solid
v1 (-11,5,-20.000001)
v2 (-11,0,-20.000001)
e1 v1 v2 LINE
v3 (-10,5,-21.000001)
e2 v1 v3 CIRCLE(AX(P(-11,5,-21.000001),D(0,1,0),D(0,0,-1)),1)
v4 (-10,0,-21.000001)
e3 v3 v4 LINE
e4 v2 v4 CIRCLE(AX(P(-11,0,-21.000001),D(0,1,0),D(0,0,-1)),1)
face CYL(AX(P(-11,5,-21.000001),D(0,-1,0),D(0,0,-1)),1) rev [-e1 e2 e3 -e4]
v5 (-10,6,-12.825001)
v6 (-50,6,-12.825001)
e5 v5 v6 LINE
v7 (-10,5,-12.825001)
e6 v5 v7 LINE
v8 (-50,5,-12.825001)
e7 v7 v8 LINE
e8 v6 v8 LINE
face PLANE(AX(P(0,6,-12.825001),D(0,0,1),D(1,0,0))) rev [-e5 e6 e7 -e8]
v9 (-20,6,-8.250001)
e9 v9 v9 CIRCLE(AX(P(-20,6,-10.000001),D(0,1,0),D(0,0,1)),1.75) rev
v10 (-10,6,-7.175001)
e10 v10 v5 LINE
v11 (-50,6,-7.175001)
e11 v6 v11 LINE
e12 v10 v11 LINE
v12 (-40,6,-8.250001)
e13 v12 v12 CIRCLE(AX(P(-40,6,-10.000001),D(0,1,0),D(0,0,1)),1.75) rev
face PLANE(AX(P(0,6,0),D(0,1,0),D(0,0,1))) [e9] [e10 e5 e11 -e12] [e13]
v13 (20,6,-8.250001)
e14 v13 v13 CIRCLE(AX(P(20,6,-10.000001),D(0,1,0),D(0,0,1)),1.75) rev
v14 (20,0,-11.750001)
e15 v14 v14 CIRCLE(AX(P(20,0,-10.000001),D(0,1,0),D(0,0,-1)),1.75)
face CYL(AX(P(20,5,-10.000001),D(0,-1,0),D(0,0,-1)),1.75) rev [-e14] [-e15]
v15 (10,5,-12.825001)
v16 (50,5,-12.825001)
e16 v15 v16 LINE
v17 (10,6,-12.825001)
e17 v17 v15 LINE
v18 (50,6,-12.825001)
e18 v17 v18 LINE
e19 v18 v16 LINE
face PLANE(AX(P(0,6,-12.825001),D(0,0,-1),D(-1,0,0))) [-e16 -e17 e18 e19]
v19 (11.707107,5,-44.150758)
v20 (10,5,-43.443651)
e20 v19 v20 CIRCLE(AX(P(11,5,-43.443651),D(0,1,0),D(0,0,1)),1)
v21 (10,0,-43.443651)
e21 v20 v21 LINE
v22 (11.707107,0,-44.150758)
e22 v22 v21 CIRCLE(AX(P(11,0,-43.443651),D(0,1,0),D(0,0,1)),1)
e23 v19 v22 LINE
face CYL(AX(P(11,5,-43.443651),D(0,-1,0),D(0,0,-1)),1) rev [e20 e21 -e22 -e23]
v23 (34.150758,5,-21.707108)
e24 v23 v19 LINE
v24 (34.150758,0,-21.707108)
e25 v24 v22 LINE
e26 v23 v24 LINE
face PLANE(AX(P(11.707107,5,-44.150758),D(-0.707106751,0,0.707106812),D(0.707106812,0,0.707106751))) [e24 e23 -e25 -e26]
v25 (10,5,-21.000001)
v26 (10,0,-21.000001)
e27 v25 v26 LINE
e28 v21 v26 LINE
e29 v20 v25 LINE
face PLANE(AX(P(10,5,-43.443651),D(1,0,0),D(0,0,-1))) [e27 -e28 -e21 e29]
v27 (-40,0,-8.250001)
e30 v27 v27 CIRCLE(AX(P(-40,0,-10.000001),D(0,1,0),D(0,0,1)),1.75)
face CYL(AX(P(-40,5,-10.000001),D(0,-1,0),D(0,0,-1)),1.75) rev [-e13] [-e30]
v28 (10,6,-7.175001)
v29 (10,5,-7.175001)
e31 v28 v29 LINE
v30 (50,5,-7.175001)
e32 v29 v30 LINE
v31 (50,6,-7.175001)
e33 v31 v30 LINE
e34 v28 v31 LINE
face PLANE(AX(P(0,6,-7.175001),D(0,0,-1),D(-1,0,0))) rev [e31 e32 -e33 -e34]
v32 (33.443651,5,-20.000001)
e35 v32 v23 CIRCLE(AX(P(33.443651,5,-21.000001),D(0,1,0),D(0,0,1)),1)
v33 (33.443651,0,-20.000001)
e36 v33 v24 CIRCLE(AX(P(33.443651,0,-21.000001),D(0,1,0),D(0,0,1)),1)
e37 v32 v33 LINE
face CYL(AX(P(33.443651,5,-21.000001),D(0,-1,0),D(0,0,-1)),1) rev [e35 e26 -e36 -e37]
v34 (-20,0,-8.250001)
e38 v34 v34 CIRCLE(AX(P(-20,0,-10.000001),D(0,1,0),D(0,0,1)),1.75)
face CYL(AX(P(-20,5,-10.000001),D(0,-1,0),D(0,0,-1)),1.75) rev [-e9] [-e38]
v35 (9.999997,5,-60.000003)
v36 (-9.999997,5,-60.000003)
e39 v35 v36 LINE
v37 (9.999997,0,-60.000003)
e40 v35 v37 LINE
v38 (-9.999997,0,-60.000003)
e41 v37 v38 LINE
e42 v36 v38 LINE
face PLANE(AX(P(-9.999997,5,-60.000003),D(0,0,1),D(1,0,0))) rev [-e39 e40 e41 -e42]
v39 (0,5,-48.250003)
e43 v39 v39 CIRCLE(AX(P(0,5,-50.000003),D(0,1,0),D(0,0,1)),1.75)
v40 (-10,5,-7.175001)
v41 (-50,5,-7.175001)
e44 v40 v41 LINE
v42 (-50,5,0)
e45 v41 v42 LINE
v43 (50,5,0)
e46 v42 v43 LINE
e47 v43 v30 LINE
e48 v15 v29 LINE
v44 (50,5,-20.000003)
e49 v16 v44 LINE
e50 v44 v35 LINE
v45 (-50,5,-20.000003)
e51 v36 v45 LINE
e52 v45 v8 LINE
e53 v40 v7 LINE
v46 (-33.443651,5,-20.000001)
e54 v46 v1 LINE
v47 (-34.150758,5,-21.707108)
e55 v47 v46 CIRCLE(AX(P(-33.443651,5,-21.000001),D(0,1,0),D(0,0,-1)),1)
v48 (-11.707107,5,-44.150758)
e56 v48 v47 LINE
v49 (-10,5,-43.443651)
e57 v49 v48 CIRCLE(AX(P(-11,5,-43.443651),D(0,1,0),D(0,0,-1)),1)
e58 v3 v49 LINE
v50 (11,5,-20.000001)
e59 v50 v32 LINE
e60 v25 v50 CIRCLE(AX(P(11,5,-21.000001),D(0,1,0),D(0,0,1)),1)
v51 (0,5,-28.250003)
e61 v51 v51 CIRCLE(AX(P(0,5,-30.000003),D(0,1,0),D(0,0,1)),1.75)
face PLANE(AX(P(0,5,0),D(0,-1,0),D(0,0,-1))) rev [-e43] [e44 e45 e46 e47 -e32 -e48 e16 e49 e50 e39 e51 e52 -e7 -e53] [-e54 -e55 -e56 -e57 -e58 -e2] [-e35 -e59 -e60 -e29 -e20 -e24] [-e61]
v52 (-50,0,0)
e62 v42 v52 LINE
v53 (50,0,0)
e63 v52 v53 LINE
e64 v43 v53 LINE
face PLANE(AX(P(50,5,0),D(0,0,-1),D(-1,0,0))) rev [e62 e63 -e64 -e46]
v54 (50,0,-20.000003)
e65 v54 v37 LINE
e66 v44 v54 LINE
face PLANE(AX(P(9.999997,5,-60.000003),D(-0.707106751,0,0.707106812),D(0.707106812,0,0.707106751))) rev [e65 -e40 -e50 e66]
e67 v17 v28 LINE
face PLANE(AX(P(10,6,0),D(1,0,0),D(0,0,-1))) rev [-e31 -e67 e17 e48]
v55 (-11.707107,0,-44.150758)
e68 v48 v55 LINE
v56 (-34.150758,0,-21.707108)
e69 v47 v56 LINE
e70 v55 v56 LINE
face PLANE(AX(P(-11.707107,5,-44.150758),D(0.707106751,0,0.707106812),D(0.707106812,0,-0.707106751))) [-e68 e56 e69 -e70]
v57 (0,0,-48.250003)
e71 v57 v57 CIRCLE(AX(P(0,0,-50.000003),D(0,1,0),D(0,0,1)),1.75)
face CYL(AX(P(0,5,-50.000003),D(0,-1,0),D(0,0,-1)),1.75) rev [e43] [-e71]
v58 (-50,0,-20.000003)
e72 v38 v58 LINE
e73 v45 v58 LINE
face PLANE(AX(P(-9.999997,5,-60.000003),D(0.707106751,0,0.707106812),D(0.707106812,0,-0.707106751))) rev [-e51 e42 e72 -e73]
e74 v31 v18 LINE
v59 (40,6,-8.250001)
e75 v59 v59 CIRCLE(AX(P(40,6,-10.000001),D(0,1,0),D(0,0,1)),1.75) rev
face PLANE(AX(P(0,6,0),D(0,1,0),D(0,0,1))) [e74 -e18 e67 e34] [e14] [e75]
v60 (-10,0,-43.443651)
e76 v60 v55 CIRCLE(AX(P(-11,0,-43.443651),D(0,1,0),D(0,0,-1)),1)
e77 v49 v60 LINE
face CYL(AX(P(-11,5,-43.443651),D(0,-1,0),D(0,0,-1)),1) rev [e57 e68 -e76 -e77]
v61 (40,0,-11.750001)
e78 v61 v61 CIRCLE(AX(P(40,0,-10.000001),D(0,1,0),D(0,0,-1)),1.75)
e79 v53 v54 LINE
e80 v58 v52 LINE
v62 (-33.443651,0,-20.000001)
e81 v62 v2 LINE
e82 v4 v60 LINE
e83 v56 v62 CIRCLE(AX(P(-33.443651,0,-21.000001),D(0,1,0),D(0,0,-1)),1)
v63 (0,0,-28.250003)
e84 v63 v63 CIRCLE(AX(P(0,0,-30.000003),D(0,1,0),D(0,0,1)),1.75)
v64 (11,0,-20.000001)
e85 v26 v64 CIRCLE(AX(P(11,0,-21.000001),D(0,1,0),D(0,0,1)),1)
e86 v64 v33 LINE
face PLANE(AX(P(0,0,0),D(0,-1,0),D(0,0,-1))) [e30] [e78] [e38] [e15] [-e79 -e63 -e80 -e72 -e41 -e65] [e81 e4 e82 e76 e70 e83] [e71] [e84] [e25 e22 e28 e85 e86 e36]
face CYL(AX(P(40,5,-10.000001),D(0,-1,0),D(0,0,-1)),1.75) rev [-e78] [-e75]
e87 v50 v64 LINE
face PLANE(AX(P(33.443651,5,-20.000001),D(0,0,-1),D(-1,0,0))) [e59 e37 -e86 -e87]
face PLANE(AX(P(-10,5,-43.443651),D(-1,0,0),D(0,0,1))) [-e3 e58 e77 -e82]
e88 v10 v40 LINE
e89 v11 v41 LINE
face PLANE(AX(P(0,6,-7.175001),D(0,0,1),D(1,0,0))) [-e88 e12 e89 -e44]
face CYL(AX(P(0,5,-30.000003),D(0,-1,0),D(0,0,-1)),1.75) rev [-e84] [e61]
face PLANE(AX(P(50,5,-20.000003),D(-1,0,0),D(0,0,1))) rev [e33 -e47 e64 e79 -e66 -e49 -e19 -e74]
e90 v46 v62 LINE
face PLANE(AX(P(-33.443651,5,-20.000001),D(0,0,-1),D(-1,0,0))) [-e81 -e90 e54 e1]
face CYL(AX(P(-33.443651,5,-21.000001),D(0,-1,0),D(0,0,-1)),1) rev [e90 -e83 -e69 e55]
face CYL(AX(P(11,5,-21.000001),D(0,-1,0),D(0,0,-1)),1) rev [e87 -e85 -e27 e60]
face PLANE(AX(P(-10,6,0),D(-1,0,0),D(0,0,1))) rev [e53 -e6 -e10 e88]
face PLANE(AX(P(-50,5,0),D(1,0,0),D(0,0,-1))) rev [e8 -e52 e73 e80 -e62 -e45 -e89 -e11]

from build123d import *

# Parameters (mm, degrees)
ESBO_O1_R                = 1.75
RESSALTO_EXTRUS_O1_DEPTH = 5
ESBO_O3_W                = 40
ESBO_O3_H                = 5.65
ESBO_O3_R                = 1.75
RESSALTO_EXTRUS_O2_DEPTH = 1


with BuildPart() as part:
    # Esboço1 → Ressalto-extrusão1 (new body)
    with BuildSketch(Plane(origin=(0, 0, 0), x_dir=(1, 0, 0), z_dir=(0, 1, 0))):
        Polygon((-50, 0), (-50, 20.000002677), (-9.999996661, 60.000002546), (9.999996661, 60.000002546), (50, 20.000002677), (50, 0), align=None)
        with Locations(Location((-40, 10.000001339, 0), (0, 0, 270))):
            Circle(ESBO_O1_R, mode=Mode.SUBTRACT)
        with Locations(Location((-20, 10.000001339, 0), (0, 0, 270))):
            Circle(ESBO_O1_R, mode=Mode.SUBTRACT)
        with Locations(Location((0, 50.000002546, 0), (0, 0, 270))):
            Circle(ESBO_O1_R, mode=Mode.SUBTRACT)
        with Locations(Location((0, 30.000002546, 0), (0, 0, 270))):
            Circle(ESBO_O1_R, mode=Mode.SUBTRACT)
        with Locations(Location((20, 10.000001339, 0), (0, 0, 90))):
            Circle(ESBO_O1_R, mode=Mode.SUBTRACT)
        with Locations(Location((40, 10.000001339, 0), (0, 0, 90))):
            Circle(ESBO_O1_R, mode=Mode.SUBTRACT)
        with BuildLine():
            Line((-10, 43.443650782), (-10, 21.000001339))
            ThreePointArc((-10, 21.000001339), (-10.292893219, 20.292894558), (-11, 20.000001339))
            Line((-11, 20.000001339), (-33.443651391, 20.000001339))
            ThreePointArc((-33.443651391, 20.000001339), (-34.367530932, 20.617317926), (-34.150758141, 21.707108151))
            Line((-34.150758141, 21.707108151), (-11.707106751, 44.150757594))
            ThreePointArc((-11.707106751, 44.150757594), (-10.617316548, 44.367530307), (-10, 43.443650782))
        make_face(mode=Mode.SUBTRACT)
        with BuildLine():
            Line((11.707106751, 44.150757594), (34.150758141, 21.707108151))
            ThreePointArc((34.150758141, 21.707108151), (34.367530932, 20.617317926), (33.443651391, 20.000001339))
            Line((33.443651391, 20.000001339), (11, 20.000001339))
            ThreePointArc((11, 20.000001339), (10.292893219, 20.292894558), (10, 21.000001339))
            Line((10, 21.000001339), (10, 43.443650782))
            ThreePointArc((10, 43.443650782), (10.617316548, 44.367530307), (11.707106751, 44.150757594))
        make_face(mode=Mode.SUBTRACT)
    extrude(amount=RESSALTO_EXTRUS_O1_DEPTH)

    # Esboço3 → Ressalto-extrusão2 (add)
    # profile 1 of 2: a face of its own
    with BuildSketch(Plane(origin=(0, 5, 0), x_dir=(1, 0, 0), z_dir=(0, 1, 0))):
        with Locations((-30, 10.000001339)):
            Rectangle(ESBO_O3_W, ESBO_O3_H)
        with Locations(Location((-40, 10.000001339, 0), (0, 0, 270))):
            Circle(ESBO_O3_R, mode=Mode.SUBTRACT)
        with Locations(Location((-20, 10.000001339, 0), (0, 0, 270))):
            Circle(ESBO_O3_R, mode=Mode.SUBTRACT)
    # profile 2 of 2: a face of its own
    with BuildSketch(Plane(origin=(0, 5, 0), x_dir=(1, 0, 0), z_dir=(0, 1, 0))):
        with Locations((30, 10.000001339)):
            Rectangle(ESBO_O3_W, ESBO_O3_H)
        with Locations(Location((20, 10.000001339, 0), (0, 0, 90))):
            Circle(ESBO_O3_R, mode=Mode.SUBTRACT)
        with Locations(Location((40, 10.000001339, 0), (0, 0, 90))):
            Circle(ESBO_O3_R, mode=Mode.SUBTRACT)
    extrude(amount=RESSALTO_EXTRUS_O2_DEPTH)


solid = part.part
